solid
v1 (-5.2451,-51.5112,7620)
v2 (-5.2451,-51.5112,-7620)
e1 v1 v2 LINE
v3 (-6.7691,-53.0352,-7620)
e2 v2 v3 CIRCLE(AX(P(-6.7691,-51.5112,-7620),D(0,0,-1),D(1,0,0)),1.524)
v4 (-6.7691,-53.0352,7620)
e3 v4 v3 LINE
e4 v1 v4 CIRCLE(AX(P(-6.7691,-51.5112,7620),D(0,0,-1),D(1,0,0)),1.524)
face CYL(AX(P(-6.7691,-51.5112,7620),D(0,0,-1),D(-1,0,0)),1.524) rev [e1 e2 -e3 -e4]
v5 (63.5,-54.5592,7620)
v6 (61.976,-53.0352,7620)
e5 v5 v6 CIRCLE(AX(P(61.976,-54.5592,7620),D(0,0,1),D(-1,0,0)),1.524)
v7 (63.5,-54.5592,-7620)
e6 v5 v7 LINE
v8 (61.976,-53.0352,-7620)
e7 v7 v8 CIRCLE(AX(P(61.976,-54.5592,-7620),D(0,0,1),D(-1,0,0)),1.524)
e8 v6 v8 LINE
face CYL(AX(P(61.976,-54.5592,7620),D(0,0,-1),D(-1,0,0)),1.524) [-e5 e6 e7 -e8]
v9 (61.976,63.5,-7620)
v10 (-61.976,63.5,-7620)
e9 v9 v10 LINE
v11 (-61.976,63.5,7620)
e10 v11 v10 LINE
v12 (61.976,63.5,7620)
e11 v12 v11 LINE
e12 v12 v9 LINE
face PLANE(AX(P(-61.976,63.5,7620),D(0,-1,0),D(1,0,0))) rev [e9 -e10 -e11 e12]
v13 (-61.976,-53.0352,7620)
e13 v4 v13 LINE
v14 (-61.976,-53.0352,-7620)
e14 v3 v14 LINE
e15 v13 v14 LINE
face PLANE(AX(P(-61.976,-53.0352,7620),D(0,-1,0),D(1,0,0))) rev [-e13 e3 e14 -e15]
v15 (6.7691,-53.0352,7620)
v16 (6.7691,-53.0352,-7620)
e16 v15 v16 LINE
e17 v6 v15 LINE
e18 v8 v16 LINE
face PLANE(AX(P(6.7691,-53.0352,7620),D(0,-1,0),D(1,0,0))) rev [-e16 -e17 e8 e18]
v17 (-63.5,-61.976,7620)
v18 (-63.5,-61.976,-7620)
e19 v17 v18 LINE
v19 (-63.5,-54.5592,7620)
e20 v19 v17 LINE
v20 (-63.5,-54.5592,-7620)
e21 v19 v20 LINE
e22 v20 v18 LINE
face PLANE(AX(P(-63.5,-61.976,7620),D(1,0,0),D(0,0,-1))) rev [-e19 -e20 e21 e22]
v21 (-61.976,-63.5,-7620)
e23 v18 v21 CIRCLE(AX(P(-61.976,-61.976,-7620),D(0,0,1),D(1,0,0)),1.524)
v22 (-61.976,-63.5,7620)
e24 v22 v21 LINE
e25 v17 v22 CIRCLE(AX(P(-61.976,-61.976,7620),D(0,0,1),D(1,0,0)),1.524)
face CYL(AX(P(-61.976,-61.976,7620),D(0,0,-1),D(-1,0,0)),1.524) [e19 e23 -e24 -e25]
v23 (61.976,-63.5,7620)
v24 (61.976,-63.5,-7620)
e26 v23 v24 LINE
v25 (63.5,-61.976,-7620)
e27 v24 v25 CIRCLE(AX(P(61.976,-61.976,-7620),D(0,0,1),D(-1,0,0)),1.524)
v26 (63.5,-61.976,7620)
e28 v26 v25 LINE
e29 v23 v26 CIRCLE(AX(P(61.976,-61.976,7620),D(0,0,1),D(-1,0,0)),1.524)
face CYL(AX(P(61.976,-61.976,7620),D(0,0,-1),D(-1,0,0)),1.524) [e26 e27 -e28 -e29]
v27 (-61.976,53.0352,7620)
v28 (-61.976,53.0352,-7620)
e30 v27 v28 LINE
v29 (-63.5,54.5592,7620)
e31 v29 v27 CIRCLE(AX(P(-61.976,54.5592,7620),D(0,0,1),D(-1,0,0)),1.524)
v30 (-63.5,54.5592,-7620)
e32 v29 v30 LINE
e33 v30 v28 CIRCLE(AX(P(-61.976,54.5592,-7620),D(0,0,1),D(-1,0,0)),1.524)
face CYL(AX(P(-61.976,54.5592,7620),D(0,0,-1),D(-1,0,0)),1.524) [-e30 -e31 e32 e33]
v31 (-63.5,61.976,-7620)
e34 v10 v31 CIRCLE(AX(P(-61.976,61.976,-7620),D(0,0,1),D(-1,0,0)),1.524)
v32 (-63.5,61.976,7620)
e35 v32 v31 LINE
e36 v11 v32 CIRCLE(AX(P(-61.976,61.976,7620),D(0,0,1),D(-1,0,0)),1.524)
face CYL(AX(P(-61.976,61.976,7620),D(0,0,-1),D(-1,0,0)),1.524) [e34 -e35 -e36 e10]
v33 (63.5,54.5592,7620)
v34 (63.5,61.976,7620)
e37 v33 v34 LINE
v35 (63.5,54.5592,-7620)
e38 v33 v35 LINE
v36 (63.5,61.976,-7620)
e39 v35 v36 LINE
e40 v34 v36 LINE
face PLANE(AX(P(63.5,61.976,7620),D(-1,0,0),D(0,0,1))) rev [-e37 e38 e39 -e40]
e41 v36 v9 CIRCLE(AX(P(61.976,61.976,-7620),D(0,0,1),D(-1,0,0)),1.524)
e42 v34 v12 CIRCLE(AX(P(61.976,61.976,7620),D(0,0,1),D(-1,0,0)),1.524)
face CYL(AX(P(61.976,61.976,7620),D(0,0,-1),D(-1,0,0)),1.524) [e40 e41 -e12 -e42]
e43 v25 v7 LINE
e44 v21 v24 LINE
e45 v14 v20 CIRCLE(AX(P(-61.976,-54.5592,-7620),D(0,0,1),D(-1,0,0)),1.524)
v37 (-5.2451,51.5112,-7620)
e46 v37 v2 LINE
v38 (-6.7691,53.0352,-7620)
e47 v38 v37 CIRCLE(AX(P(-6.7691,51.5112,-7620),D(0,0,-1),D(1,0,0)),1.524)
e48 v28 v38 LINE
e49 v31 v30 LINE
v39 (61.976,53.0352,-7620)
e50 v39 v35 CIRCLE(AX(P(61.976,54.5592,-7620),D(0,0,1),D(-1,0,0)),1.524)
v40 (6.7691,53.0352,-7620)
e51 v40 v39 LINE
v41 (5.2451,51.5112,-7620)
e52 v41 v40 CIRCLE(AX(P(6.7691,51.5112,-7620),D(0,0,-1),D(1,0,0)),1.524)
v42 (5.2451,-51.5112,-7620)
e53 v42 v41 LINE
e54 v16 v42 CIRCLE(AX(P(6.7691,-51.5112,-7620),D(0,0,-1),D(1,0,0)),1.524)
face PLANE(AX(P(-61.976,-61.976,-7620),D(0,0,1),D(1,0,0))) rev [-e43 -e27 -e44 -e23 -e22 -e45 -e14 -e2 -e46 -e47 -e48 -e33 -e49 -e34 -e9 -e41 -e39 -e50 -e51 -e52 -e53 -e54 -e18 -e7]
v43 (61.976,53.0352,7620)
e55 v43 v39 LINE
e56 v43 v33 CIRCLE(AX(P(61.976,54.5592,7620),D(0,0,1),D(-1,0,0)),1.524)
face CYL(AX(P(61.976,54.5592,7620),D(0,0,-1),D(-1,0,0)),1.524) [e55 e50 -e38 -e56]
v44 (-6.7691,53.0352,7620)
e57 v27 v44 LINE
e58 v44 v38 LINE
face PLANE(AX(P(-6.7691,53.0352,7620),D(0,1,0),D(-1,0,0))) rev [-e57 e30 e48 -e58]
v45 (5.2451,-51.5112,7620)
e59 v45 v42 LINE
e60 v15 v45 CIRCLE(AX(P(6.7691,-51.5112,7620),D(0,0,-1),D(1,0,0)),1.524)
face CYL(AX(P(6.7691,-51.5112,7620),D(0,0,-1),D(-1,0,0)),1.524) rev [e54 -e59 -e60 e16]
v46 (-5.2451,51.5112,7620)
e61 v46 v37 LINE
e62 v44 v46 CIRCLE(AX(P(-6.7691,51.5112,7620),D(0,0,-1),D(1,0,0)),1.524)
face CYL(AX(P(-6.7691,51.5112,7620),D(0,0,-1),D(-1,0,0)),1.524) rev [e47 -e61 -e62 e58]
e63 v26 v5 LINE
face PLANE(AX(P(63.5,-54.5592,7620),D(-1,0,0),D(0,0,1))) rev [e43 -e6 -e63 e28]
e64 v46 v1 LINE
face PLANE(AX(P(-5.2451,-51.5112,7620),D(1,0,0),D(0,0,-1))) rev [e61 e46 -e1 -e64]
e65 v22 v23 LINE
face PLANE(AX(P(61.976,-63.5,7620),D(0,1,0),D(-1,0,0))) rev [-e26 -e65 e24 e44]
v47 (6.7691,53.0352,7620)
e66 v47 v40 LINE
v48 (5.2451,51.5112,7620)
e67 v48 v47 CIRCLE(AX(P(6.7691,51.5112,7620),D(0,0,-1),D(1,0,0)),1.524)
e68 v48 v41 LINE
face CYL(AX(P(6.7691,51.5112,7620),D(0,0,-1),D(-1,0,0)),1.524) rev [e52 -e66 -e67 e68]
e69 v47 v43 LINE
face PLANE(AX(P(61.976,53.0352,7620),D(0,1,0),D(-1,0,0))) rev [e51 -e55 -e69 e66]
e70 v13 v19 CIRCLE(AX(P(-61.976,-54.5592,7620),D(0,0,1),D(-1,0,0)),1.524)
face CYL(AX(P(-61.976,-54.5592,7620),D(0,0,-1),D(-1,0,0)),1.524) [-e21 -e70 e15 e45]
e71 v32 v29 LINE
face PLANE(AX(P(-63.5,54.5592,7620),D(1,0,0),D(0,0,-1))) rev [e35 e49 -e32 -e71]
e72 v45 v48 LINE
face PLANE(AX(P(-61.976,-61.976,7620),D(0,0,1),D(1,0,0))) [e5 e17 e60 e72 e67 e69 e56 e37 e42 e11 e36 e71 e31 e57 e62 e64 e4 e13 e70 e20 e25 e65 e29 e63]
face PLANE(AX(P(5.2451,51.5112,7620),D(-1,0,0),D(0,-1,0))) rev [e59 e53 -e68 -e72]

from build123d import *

# Parameters (mm, degrees)
RAIL_DEPTH = 7620


with BuildPart() as part:
    # Rail Cross Section → Rail (new body, symmetric)
    with BuildSketch(Plane.XY):
        with BuildLine():
            Line((-63.5, -61.976), (-63.5, -54.5592))
            ThreePointArc((-63.5, -54.5592), (-63.053630735, -53.481569265), (-61.976, -53.0352))
            Line((-61.976, -53.0352), (-6.7691, -53.0352))
            ThreePointArc((-6.7691, -53.0352), (-5.691469265, -52.588830735), (-5.2451, -51.5112))
            Line((-5.2451, -51.5112), (-5.2451, 51.5112))
            ThreePointArc((-5.2451, 51.5112), (-5.691469265, 52.588830735), (-6.7691, 53.0352))
            Line((-6.7691, 53.0352), (-61.976, 53.0352))
            ThreePointArc((-61.976, 53.0352), (-63.053630735, 53.481569265), (-63.5, 54.5592))
            Line((-63.5, 54.5592), (-63.5, 61.976))
            ThreePointArc((-63.5, 61.976), (-63.053630735, 63.053630735), (-61.976, 63.5))
            Line((-61.976, 63.5), (61.976, 63.5))
            ThreePointArc((61.976, 63.5), (63.053630735, 63.053630735), (63.5, 61.976))
            Line((63.5, 61.976), (63.5, 54.5592))
            ThreePointArc((63.5, 54.5592), (63.053630735, 53.481569265), (61.976, 53.0352))
            Line((61.976, 53.0352), (6.7691, 53.0352))
            ThreePointArc((6.7691, 53.0352), (5.691469265, 52.588830735), (5.2451, 51.5112))
            Line((5.2451, 51.5112), (5.2451, -51.5112))
            ThreePointArc((5.2451, -51.5112), (5.691469265, -52.588830735), (6.7691, -53.0352))
            Line((6.7691, -53.0352), (61.976, -53.0352))
            ThreePointArc((61.976, -53.0352), (63.053630735, -53.481569265), (63.5, -54.5592))
            Line((63.5, -54.5592), (63.5, -61.976))
            ThreePointArc((63.5, -61.976), (63.053630735, -63.053630735), (61.976, -63.5))
            Line((61.976, -63.5), (-61.976, -63.5))
            ThreePointArc((-61.976, -63.5), (-63.053630735, -63.053630735), (-63.5, -61.976))
        make_face()
    extrude(amount=RAIL_DEPTH, both=True)


solid = part.part
